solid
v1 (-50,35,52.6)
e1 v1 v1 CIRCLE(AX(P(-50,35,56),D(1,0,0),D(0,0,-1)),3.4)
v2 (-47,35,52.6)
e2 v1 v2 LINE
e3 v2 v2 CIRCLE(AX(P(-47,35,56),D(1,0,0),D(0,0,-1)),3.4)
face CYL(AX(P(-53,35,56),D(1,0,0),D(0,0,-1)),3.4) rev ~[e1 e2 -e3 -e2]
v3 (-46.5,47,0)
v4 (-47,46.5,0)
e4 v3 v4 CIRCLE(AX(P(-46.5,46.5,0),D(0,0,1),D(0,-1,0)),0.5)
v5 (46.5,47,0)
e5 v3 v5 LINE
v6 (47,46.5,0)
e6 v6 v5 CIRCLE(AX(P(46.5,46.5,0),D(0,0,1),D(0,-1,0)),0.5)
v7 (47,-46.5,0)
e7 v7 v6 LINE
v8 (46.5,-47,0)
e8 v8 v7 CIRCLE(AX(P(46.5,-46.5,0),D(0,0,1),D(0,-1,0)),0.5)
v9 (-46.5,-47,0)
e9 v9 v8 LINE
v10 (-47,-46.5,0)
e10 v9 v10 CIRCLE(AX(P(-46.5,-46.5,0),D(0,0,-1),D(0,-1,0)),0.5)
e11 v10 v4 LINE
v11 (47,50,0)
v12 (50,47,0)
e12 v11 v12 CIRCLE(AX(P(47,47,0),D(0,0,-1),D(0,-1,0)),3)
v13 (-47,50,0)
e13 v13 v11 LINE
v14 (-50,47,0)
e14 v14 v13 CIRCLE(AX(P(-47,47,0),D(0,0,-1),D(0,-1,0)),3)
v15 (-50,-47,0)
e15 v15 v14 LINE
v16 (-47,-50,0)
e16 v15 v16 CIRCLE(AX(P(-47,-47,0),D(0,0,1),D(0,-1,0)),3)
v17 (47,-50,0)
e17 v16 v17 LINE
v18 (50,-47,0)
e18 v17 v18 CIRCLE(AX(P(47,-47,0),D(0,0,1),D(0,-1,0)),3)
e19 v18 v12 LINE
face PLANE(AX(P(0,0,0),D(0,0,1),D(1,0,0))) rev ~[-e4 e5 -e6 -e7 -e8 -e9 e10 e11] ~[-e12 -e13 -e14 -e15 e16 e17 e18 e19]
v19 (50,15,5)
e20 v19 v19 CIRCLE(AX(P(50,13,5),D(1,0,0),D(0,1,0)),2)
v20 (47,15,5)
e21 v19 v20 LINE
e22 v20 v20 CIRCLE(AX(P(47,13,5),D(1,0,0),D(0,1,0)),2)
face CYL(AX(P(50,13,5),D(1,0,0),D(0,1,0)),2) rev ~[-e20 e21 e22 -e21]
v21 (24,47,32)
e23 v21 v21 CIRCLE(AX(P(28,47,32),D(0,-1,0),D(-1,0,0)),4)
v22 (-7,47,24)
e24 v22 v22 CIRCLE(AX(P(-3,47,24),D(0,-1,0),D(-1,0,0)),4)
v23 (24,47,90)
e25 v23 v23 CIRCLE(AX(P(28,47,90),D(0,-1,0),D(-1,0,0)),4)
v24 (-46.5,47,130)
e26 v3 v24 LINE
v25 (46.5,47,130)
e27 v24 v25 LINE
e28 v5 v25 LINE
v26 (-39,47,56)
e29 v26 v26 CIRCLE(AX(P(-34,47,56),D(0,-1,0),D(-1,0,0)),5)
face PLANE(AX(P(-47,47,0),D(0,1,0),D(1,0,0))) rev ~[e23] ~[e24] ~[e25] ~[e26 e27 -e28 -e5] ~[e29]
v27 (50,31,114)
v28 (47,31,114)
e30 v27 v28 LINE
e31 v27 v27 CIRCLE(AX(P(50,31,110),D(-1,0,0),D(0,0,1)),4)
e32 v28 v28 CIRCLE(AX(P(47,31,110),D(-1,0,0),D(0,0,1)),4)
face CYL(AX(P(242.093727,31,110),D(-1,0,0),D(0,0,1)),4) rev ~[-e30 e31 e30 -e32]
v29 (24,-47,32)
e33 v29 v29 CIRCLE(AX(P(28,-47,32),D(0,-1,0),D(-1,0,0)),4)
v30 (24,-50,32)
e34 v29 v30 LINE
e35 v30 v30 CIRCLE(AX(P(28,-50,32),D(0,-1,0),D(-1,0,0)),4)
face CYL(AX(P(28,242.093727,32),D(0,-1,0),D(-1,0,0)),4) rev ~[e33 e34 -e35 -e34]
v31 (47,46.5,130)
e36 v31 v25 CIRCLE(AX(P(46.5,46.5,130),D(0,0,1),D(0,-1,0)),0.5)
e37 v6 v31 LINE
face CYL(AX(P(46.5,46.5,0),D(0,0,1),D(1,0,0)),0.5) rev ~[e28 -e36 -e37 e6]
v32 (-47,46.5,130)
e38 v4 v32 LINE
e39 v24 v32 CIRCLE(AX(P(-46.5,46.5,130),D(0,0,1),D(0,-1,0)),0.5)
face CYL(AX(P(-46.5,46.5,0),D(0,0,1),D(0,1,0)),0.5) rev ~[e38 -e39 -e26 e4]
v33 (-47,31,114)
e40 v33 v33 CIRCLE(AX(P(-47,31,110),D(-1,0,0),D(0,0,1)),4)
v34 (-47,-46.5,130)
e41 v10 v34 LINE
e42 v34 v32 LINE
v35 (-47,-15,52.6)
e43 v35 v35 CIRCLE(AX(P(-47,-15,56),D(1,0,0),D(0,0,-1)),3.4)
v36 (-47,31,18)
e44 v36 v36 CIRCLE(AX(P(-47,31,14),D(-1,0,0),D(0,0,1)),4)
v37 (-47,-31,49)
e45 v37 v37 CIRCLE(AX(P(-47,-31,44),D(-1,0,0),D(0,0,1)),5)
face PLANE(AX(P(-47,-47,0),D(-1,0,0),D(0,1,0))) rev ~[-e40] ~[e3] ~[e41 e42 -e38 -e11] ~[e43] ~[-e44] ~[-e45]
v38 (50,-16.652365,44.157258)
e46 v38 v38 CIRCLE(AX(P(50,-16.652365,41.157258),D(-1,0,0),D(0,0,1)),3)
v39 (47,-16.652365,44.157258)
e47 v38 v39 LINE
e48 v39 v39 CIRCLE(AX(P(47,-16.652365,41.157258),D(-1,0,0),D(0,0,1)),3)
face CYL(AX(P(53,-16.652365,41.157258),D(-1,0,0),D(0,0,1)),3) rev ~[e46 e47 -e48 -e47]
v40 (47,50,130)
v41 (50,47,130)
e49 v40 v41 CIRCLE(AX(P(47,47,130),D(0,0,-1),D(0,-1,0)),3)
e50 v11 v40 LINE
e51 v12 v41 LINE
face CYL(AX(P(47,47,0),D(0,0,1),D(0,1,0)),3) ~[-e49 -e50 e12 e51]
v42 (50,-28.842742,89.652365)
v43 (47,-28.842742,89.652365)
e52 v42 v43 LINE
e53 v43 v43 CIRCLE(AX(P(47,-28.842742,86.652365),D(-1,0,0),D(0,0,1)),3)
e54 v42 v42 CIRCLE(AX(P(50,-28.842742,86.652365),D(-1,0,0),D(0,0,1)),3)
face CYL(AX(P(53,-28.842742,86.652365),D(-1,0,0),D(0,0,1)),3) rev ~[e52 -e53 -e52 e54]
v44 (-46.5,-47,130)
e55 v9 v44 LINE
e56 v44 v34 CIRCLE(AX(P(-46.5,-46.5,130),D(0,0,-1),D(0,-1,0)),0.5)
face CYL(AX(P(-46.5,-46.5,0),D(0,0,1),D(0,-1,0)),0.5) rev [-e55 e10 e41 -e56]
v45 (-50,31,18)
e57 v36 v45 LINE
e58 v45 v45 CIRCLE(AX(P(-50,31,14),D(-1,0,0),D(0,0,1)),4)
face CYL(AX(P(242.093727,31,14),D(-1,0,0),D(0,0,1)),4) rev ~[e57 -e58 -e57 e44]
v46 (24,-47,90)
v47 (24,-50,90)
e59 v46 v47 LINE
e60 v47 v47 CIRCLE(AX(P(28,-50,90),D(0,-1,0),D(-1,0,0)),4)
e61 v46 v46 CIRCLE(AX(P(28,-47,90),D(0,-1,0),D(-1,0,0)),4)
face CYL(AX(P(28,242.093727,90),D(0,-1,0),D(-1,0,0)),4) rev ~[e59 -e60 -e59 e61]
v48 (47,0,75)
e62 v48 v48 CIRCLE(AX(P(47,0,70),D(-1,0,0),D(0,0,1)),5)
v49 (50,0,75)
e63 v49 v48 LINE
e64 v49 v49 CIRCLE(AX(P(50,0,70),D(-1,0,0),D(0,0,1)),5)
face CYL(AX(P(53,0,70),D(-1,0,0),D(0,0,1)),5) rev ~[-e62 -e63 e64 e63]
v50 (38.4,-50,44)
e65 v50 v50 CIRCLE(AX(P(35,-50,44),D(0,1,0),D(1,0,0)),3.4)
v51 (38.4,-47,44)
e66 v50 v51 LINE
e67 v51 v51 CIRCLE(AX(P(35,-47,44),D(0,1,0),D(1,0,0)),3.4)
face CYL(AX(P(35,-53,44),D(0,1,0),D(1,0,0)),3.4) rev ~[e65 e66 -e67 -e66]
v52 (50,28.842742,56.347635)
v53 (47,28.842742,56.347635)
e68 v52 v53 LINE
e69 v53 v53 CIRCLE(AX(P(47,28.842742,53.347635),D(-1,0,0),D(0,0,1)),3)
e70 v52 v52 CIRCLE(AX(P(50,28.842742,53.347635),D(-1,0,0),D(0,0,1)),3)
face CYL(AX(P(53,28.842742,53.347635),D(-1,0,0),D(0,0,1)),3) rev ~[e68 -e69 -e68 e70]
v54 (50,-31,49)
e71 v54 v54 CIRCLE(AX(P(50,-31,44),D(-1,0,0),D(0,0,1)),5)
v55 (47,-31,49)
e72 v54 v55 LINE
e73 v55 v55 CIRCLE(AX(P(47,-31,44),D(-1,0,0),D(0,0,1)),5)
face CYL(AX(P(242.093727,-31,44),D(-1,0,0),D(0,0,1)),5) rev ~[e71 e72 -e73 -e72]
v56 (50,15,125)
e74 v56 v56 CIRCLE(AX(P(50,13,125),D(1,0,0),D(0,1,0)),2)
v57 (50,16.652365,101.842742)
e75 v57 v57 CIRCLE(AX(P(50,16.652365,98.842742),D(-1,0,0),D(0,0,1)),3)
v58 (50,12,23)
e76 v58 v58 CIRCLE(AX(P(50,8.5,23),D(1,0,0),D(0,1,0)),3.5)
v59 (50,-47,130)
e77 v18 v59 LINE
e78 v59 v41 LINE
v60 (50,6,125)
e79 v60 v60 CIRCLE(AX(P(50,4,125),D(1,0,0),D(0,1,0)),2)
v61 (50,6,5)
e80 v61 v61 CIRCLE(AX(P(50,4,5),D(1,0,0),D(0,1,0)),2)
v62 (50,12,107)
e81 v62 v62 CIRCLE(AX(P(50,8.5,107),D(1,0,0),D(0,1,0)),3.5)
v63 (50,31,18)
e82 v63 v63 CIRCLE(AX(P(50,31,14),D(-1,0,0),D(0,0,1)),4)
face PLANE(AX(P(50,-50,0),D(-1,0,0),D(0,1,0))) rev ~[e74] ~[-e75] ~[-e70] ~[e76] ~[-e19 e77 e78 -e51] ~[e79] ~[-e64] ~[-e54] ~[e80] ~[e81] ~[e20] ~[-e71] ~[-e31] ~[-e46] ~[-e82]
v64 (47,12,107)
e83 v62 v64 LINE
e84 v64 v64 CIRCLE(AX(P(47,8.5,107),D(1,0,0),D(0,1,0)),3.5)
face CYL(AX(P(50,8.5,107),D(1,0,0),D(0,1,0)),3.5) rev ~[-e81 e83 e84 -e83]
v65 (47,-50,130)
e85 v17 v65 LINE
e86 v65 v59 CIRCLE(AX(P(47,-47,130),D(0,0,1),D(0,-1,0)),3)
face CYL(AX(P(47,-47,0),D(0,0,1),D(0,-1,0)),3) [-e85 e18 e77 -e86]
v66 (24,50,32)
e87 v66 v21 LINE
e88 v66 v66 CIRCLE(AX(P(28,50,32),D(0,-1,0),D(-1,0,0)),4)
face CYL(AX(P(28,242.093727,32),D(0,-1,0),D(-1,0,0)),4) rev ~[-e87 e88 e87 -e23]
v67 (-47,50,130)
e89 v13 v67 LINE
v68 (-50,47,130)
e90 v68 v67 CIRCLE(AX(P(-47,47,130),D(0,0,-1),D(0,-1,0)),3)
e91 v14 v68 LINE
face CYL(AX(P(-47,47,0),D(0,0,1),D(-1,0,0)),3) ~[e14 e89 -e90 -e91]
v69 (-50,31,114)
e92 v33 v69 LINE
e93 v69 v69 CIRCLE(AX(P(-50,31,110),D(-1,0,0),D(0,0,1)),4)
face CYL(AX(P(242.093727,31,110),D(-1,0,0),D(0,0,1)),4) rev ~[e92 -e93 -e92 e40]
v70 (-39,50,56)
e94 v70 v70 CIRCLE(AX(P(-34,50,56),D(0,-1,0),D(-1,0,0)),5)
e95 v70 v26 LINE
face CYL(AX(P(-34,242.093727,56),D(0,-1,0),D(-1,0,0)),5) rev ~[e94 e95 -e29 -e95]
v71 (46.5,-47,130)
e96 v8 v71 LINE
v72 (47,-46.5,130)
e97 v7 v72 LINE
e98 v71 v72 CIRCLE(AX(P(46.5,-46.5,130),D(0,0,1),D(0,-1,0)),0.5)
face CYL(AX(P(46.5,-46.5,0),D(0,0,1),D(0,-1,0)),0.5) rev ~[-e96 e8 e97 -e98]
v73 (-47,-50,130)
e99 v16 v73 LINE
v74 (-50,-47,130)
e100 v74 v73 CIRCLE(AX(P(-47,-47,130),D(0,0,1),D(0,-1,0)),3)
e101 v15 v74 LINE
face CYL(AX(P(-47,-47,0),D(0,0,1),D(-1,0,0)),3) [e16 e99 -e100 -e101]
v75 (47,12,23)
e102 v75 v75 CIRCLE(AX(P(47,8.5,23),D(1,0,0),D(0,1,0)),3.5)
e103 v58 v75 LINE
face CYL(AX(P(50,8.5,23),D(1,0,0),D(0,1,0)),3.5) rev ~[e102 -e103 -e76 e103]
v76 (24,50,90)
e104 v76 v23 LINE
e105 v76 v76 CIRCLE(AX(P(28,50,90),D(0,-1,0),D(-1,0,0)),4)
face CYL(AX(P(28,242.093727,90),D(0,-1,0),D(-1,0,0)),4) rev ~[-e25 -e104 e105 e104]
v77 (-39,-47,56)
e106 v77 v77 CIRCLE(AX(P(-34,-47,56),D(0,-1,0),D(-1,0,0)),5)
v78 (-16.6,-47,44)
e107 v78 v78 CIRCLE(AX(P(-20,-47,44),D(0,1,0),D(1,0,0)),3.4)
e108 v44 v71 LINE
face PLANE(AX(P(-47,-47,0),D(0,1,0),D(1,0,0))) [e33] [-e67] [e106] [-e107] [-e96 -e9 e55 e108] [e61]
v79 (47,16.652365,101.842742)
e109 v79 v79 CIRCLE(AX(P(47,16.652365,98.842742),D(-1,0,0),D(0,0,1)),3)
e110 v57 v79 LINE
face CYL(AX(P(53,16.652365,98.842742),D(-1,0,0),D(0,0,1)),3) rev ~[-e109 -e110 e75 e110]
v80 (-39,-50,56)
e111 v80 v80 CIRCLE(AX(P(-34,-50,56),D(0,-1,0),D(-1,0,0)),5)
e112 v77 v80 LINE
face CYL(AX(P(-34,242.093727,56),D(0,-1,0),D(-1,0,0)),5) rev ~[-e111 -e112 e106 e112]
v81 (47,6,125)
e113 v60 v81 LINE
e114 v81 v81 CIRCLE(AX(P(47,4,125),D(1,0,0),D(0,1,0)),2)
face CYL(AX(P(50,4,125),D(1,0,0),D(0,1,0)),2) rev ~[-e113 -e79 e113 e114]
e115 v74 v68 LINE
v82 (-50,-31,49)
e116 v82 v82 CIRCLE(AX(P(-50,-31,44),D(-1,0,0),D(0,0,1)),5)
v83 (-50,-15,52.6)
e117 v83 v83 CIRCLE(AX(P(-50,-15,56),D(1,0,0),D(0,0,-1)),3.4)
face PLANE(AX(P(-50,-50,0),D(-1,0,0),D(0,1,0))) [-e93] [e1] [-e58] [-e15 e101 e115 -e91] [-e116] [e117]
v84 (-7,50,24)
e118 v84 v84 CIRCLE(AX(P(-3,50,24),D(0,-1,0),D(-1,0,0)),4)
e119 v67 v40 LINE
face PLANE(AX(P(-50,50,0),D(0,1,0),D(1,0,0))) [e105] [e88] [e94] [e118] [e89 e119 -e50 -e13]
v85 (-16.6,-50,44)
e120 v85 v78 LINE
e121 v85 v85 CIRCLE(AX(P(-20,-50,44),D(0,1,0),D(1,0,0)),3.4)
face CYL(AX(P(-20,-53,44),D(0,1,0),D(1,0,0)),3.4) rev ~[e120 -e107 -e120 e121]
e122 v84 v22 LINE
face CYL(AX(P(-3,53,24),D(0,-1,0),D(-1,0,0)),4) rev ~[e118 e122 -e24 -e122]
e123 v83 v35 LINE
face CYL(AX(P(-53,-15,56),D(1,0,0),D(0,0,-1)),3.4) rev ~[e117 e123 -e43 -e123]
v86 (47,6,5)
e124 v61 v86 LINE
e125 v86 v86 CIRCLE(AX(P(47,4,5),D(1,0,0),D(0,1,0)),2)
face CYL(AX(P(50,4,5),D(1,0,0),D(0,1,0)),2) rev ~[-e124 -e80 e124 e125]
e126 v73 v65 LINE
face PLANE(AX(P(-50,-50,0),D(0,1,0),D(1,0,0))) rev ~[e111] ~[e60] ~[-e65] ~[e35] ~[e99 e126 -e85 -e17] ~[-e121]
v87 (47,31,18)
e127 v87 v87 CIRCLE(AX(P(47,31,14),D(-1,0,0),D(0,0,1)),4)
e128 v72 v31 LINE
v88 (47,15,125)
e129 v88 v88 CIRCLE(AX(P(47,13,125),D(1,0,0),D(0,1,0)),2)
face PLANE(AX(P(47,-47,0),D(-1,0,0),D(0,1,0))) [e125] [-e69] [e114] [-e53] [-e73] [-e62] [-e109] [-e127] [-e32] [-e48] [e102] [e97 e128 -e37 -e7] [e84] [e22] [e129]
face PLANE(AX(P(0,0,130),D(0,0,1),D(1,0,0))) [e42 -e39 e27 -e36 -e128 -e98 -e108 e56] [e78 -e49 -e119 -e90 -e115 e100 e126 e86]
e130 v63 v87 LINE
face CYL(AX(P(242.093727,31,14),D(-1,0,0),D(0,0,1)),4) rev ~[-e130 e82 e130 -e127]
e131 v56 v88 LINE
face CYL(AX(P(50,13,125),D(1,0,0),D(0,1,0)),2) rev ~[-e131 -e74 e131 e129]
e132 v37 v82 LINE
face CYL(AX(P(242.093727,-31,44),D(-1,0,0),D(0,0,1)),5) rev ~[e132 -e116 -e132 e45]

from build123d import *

# Parameters (mm, degrees)
SKETCH1_W                      = 100
SKETCH1_H                      = 100
SKETCH1_W_2                    = 94
SKETCH1_H_2                    = 94
EXTRUDE_THIN1_DEPTH            = 130
FILLET1_R                      = 0.5
FILLET2_R                      = 3
F_8_0_8_DIAMETER_HOLE2_D       = 8
F_8_0_8_DIAMETER_HOLE3_D       = 8
F_10_0_10_DIAMETER_HOLE1_D     = 10
F_10_0_10_DIAMETER_HOLE2_D     = 10
M8X1_25_TAPPED_HOLE1_D         = 6.8
M8X1_25_TAPPED_HOLE1_DEPTH     = 3
M8X1_25_TAPPED_HOLE2_D         = 6.8
M8X1_25_TAPPED_HOLE2_DEPTH     = 3
F_10_0_10_DIAMETER_HOLE3_D     = 10
F_10_0_10_DIAMETER_HOLE3_DEPTH = 3
F_6_0_6_DIAMETER_HOLE1_D       = 6
F_6_0_6_DIAMETER_HOLE1_DEPTH   = 3
F_8_0_8_DIAMETER_HOLE4_D       = 8
F_8_0_8_DIAMETER_HOLE4_DEPTH   = 3
CUT_EXTRUDE1_REACH             = 173.464
SKETCH31_R                     = 2
SKETCH31_R_2                   = 3.5


with BuildPart() as part:
    # Sketch1 → Extrude-Thin1 (new body)
    with BuildSketch(Plane.XY):
        Rectangle(SKETCH1_W, SKETCH1_H)
        Rectangle(SKETCH1_W_2, SKETCH1_H_2, mode=Mode.SUBTRACT)
    extrude(amount=EXTRUDE_THIN1_DEPTH)

    # Fillet1
    fillet1_edges = [part.edges().sort_by_distance(p)[0] for p in [
        (47, -47, 65),
        (47, 47, 65),
        (-47, 47, 65),
        (-47, -47, 65),
    ]]
    fillet(fillet1_edges, radius=FILLET1_R)

    # Fillet2
    fillet2_edges = [part.edges().sort_by_distance(p)[0] for p in [
        (50, -50, 65),
        (-50, -50, 65),
        (-50, 50, 65),
        (50, 50, 65),
    ]]
    fillet(fillet2_edges, radius=FILLET2_R)

    # Ø8.0 (8) Diameter Hole2 (through all)
    with Locations(Plane(origin=(0, 50, 0), x_dir=(1, 0, 0), z_dir=(0, 1, 0))):
        with Locations((28, -32), (28, -90)):
            Hole(F_8_0_8_DIAMETER_HOLE2_D / 2)

    # Ø8.0 (8) Diameter Hole3 (through all)
    with Locations(Plane(origin=(50, 0, 0), x_dir=(0, 0, -1), z_dir=(1, 0, 0))):
        with Locations((-14, 31), (-110, 31)):
            Hole(F_8_0_8_DIAMETER_HOLE3_D / 2)

    # Ø10.0 (10) Diameter Hole1 (through all)
    with Locations(Plane(origin=(0, 50, 0), x_dir=(1, 0, 0), z_dir=(0, 1, 0))):
        with Locations((-34, -56)):
            Hole(F_10_0_10_DIAMETER_HOLE1_D / 2)

    # Ø10.0 (10) Diameter Hole2 (through all)
    with Locations(Plane(origin=(50, 0, 0), x_dir=(0, 0, -1), z_dir=(1, 0, 0))):
        with Locations((-44, -31)):
            Hole(F_10_0_10_DIAMETER_HOLE2_D / 2)

    # M8x1.25 Tapped Hole1
    with Locations(Plane.ZY.offset(50)):
        with Locations((56, -15), (56, 35)):
            Hole(M8X1_25_TAPPED_HOLE1_D / 2, depth=M8X1_25_TAPPED_HOLE1_DEPTH)

    # M8x1.25 Tapped Hole2
    with Locations(Plane(origin=(0, -50, 0), x_dir=(-1, 0, 0), z_dir=(0, -1, 0))):
        with Locations((20, -44), (-35, -44)):
            Hole(M8X1_25_TAPPED_HOLE2_D / 2, depth=M8X1_25_TAPPED_HOLE2_DEPTH)

    # Ø10.0 (10) Diameter Hole3
    with Locations(Plane(origin=(50, 0, 0), x_dir=(0, 0, -1), z_dir=(1, 0, 0))):
        with Locations((-70, 0)):
            Hole(F_10_0_10_DIAMETER_HOLE3_D / 2, depth=F_10_0_10_DIAMETER_HOLE3_DEPTH)

    # Ø6.0 (6) Diameter Hole1
    with Locations(Plane(origin=(50, 0, 0), x_dir=(0, 0, -1), z_dir=(1, 0, 0))):
        with Locations((-41.157258279, -16.652364697), (-53.347635303, 28.842741721), (-98.842741721, 16.652364697), (-86.652364697, -28.842741721)):
            Hole(F_6_0_6_DIAMETER_HOLE1_D / 2, depth=F_6_0_6_DIAMETER_HOLE1_DEPTH)

    # Ø8.0 (8) Diameter Hole4
    with Locations(Plane(origin=(0, 50, 0), x_dir=(1, 0, 0), z_dir=(0, 1, 0))):
        with Locations((-3, -24)):
            Hole(F_8_0_8_DIAMETER_HOLE4_D / 2, depth=F_8_0_8_DIAMETER_HOLE4_DEPTH)

    # Sketch31 → Cut-Extrude1 (cut, up to next)
    with BuildSketch(Plane(origin=(50, 0, 0), x_dir=(0, 0, -1), z_dir=(1, 0, 0)), mode=Mode.PRIVATE) as cut_extrude1_sk1:
        with Locations(Location((-5, 4, 0), (0, 0, 90))):
            Circle(SKETCH31_R)
    cut_extrude1_tool1 = extrude(cut_extrude1_sk1.sketch, amount=-CUT_EXTRUDE1_REACH, mode=Mode.PRIVATE) & part.part
    # Sketch31 → Cut-Extrude1 (cut, up to next)
    with BuildSketch(Plane(origin=(50, 0, 0), x_dir=(0, 0, -1), z_dir=(1, 0, 0)), mode=Mode.PRIVATE) as cut_extrude1_sk2:
        with Locations(Location((-5, 13, 0), (0, 0, 90))):
            Circle(SKETCH31_R)
    cut_extrude1_tool2 = extrude(cut_extrude1_sk2.sketch, amount=-CUT_EXTRUDE1_REACH, mode=Mode.PRIVATE) & part.part
    # Sketch31 → Cut-Extrude1 (cut, up to next)
    with BuildSketch(Plane(origin=(50, 0, 0), x_dir=(0, 0, -1), z_dir=(1, 0, 0)), mode=Mode.PRIVATE) as cut_extrude1_sk3:
        with Locations(Location((-125, 13, 0), (0, 0, 90))):
            Circle(SKETCH31_R)
    cut_extrude1_tool3 = extrude(cut_extrude1_sk3.sketch, amount=-CUT_EXTRUDE1_REACH, mode=Mode.PRIVATE) & part.part
    # Sketch31 → Cut-Extrude1 (cut, up to next)
    with BuildSketch(Plane(origin=(50, 0, 0), x_dir=(0, 0, -1), z_dir=(1, 0, 0)), mode=Mode.PRIVATE) as cut_extrude1_sk4:
        with Locations(Location((-125, 4, 0), (0, 0, 90))):
            Circle(SKETCH31_R)
    cut_extrude1_tool4 = extrude(cut_extrude1_sk4.sketch, amount=-CUT_EXTRUDE1_REACH, mode=Mode.PRIVATE) & part.part
    # Sketch31 → Cut-Extrude1 (cut, up to next)
    with BuildSketch(Plane(origin=(50, 0, 0), x_dir=(0, 0, -1), z_dir=(1, 0, 0)), mode=Mode.PRIVATE) as cut_extrude1_sk5:
        with Locations(Location((-23, 8.5, 0), (0, 0, 90))):
            Circle(SKETCH31_R_2)
    cut_extrude1_tool5 = extrude(cut_extrude1_sk5.sketch, amount=-CUT_EXTRUDE1_REACH, mode=Mode.PRIVATE) & part.part
    # Sketch31 → Cut-Extrude1 (cut, up to next)
    with BuildSketch(Plane(origin=(50, 0, 0), x_dir=(0, 0, -1), z_dir=(1, 0, 0)), mode=Mode.PRIVATE) as cut_extrude1_sk6:
        with Locations(Location((-107, 8.5, 0), (0, 0, 90))):
            Circle(SKETCH31_R_2)
    cut_extrude1_tool6 = extrude(cut_extrude1_sk6.sketch, amount=-CUT_EXTRUDE1_REACH, mode=Mode.PRIVATE) & part.part
    add(cut_extrude1_tool1.solids().sort_by_distance((50, 4, 5))[0], mode=Mode.SUBTRACT)
    add(cut_extrude1_tool2.solids().sort_by_distance((50, 13, 5))[0], mode=Mode.SUBTRACT)
    add(cut_extrude1_tool3.solids().sort_by_distance((50, 13, 125))[0], mode=Mode.SUBTRACT)
    add(cut_extrude1_tool4.solids().sort_by_distance((50, 4, 125))[0], mode=Mode.SUBTRACT)
    add(cut_extrude1_tool5.solids().sort_by_distance((50, 8.5, 23))[0], mode=Mode.SUBTRACT)
    add(cut_extrude1_tool6.solids().sort_by_distance((50, 8.5, 107))[0], mode=Mode.SUBTRACT)


solid = part.part
